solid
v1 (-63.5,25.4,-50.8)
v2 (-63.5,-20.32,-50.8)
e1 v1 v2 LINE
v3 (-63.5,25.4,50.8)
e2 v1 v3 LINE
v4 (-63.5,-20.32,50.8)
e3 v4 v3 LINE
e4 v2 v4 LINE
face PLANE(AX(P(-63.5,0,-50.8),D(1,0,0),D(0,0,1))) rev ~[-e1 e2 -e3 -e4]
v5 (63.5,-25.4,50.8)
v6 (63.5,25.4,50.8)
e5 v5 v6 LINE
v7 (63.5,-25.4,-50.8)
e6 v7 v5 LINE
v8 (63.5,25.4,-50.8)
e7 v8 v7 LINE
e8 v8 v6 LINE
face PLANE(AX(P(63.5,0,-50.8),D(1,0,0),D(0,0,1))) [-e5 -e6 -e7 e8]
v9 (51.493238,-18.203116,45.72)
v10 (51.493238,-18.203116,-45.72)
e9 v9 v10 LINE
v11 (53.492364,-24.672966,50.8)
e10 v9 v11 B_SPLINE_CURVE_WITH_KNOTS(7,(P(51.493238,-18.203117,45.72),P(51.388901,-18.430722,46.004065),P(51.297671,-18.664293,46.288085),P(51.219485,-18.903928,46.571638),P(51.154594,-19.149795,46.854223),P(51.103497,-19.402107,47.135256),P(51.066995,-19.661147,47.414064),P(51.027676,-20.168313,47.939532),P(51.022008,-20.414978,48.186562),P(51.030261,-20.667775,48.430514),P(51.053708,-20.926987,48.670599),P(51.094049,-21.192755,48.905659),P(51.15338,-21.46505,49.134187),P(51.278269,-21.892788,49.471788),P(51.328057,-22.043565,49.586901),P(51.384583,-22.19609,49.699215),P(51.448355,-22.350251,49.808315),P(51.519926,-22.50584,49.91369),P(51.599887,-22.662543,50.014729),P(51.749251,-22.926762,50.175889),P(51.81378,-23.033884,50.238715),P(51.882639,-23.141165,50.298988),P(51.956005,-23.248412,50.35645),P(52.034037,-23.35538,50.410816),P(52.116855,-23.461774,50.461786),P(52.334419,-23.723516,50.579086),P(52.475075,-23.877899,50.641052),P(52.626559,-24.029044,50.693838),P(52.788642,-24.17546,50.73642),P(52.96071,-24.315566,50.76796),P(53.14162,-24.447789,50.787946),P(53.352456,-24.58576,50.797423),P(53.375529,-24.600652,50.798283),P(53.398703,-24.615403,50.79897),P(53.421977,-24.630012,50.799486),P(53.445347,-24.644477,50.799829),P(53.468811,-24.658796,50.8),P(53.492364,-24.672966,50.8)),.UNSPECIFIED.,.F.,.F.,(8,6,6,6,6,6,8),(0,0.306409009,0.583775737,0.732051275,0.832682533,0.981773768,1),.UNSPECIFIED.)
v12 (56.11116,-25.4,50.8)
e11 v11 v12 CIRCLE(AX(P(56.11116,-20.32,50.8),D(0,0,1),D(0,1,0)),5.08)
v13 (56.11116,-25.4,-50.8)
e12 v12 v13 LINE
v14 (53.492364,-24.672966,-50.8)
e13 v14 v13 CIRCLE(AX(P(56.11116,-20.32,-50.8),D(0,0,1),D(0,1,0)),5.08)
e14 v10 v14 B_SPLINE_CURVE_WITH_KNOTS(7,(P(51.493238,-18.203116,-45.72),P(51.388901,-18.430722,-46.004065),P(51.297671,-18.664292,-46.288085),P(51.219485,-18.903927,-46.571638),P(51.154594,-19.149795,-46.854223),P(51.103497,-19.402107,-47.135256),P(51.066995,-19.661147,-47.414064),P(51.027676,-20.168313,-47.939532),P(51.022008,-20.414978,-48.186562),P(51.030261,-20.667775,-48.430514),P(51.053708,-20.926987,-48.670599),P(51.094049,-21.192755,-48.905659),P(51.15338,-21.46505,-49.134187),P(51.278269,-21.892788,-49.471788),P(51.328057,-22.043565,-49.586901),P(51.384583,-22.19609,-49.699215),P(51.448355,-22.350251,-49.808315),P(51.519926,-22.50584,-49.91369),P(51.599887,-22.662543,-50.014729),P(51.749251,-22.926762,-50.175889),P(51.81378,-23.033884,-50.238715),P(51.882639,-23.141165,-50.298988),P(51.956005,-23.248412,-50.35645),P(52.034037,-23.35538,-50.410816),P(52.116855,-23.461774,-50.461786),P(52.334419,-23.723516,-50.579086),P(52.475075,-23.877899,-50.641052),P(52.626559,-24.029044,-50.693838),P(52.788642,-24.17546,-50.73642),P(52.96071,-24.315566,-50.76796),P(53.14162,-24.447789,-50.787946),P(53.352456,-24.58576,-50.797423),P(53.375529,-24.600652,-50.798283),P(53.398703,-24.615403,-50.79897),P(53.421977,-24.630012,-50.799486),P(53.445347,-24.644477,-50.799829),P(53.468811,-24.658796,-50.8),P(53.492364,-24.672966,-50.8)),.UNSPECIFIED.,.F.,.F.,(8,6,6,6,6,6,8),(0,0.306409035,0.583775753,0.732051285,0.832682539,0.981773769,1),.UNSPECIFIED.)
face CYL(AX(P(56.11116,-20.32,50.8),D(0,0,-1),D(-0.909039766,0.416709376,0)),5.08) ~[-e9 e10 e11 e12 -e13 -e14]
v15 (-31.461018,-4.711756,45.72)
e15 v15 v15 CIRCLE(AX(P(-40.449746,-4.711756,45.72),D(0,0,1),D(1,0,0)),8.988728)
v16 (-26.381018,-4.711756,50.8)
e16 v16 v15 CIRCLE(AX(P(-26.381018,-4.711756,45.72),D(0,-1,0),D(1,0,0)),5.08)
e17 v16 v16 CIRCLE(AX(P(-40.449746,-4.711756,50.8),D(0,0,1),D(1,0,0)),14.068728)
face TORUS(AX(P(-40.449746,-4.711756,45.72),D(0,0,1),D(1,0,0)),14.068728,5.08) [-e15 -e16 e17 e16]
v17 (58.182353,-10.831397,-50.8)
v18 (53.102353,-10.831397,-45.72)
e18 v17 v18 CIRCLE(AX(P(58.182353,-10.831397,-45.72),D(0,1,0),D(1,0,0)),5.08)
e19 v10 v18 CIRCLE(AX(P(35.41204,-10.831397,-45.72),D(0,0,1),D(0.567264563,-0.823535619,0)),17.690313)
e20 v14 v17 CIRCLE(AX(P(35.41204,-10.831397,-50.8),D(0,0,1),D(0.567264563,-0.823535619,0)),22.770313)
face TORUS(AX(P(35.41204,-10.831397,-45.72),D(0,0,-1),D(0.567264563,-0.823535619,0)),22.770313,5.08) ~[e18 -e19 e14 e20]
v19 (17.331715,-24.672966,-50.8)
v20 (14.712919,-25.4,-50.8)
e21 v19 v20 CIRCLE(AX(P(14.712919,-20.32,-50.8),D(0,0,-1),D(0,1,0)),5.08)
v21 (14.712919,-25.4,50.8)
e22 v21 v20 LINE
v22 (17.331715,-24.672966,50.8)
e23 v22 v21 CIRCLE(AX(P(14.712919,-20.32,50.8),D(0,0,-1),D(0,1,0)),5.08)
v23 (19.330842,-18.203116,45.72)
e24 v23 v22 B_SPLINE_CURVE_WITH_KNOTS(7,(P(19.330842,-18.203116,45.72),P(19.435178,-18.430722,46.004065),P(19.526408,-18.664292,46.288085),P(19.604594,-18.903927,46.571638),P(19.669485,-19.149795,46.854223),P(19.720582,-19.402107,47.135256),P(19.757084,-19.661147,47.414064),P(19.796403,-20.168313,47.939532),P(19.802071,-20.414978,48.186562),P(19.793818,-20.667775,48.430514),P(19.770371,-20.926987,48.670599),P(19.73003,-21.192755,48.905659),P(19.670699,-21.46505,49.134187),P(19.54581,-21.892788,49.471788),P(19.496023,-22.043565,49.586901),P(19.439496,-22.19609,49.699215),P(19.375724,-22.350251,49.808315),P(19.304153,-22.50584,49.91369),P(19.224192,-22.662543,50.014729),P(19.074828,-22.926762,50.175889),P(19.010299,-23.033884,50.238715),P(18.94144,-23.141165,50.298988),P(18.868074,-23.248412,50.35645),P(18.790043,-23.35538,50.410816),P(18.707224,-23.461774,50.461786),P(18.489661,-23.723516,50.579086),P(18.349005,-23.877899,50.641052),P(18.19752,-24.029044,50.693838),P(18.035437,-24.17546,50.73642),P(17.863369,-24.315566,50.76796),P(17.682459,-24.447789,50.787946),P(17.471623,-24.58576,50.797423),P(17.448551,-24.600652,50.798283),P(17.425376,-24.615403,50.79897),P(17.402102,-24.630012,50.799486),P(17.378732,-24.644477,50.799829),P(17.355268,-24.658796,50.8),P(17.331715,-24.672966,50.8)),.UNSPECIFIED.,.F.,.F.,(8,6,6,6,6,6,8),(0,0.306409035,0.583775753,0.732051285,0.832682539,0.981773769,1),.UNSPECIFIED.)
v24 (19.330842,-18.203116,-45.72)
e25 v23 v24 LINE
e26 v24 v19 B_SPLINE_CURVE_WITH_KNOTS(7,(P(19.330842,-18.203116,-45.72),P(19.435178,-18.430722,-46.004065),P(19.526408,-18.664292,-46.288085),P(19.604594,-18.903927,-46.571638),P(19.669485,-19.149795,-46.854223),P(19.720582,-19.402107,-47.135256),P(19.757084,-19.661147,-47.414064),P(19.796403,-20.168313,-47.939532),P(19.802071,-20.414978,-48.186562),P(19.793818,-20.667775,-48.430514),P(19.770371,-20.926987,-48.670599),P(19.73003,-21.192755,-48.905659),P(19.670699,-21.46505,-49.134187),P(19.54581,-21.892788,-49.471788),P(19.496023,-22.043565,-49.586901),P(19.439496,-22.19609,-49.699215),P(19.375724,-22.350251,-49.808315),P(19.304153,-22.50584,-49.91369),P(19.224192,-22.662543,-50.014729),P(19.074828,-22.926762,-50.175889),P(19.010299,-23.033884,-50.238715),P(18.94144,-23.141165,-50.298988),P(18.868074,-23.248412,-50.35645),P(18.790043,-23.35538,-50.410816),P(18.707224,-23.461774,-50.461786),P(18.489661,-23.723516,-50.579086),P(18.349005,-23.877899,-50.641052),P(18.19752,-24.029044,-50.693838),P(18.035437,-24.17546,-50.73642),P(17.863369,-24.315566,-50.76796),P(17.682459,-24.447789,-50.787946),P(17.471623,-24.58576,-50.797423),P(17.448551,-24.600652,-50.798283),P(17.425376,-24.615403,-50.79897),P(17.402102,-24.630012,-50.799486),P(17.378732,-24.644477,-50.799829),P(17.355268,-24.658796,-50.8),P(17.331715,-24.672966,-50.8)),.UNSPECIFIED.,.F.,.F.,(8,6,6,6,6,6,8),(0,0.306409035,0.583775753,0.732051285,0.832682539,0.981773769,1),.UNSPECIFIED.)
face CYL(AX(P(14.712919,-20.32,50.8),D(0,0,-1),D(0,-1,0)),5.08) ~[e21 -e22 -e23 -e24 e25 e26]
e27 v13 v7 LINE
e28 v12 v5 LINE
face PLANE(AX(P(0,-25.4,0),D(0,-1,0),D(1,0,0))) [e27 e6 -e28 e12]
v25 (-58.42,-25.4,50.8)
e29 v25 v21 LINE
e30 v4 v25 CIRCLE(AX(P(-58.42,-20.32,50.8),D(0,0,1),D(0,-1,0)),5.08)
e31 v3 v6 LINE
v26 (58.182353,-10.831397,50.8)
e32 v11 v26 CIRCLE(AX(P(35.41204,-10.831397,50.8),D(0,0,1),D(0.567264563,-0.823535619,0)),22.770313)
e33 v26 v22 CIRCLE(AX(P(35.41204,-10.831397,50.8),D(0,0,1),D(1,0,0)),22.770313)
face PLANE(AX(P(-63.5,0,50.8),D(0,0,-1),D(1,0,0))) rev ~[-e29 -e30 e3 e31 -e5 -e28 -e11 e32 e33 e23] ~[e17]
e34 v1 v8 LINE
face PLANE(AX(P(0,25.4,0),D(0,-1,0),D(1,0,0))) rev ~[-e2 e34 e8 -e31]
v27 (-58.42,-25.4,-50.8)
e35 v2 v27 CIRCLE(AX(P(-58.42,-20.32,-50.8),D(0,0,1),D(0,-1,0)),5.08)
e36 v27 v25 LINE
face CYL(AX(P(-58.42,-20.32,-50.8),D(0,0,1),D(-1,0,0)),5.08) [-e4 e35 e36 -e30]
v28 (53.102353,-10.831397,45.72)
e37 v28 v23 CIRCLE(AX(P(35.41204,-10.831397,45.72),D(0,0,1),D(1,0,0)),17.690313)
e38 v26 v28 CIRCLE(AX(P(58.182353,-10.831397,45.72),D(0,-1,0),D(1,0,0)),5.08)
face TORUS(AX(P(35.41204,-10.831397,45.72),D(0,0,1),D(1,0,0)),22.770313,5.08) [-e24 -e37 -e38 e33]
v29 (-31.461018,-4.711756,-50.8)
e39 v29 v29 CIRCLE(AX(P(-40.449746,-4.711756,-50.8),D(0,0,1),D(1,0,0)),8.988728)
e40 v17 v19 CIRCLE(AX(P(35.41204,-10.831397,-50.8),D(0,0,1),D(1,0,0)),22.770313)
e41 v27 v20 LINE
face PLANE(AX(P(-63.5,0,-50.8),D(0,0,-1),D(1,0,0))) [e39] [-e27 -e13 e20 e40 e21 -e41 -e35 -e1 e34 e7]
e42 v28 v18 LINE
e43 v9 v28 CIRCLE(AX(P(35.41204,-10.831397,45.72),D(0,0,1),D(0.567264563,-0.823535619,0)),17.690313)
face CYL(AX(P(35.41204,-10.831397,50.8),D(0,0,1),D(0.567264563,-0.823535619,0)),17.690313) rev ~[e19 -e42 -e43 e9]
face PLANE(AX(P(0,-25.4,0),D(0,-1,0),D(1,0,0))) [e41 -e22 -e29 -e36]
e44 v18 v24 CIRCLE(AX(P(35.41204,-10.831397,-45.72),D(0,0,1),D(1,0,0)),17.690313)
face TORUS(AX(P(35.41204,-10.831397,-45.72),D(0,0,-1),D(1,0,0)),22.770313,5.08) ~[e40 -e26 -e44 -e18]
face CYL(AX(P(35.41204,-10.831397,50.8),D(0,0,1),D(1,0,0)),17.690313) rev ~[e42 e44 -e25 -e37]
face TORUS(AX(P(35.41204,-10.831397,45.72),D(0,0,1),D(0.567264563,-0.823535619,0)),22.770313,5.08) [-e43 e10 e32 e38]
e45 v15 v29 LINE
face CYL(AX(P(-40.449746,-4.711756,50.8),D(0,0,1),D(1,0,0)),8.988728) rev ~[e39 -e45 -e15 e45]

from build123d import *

# Parameters (mm, degrees)
F0_W     = 127
F0_H     = 101.6
F1_DEPTH = 25.4
F2_R     = 8.9887280552
F3_DEPTH = 101.6
F4_R     = 5.08


with BuildPart() as f1:
    # F0 (on Front) → F1 (new body, symmetric)
    with BuildSketch(Plane.XZ):
        Rectangle(F0_W, F0_H)
    extrude(amount=F1_DEPTH, both=True)

    # F2 (on face) → F3 (cut, through all)
    with BuildSketch(Plane.XY.offset(50.8)):
        with Locations((-40.4497459531, -4.7117564827)):
            Circle(F2_R)
        with BuildLine():
            ThreePointArc((45.4471273464, -25.4), (51.0720367799, -19.060106955), (53.1023527343, -10.8313970268))
            ThreePointArc((53.1023527343, -10.8313970268), (27.1833296796, 4.8286001454), (25.3769518691, -25.4))
            Line((25.3769518691, -25.4), (45.4471273464, -25.4))
        make_face()
    extrude(amount=-F3_DEPTH, mode=Mode.SUBTRACT)

    # F4
    f4_edges = [f1.edges().sort_by_distance(p)[0] for p in [
        (25.376952, -25.4, 0),
        (45.447127, -25.4, 0),
        (-63.5, -25.4, 0),
        (-49.438474, -4.711756, 50.8),
        (35.41204, 6.858916, 50.8),
        (35.41204, 6.858916, -50.8),
    ]]
    fillet(f4_edges, radius=F4_R)


solid = f1.part
